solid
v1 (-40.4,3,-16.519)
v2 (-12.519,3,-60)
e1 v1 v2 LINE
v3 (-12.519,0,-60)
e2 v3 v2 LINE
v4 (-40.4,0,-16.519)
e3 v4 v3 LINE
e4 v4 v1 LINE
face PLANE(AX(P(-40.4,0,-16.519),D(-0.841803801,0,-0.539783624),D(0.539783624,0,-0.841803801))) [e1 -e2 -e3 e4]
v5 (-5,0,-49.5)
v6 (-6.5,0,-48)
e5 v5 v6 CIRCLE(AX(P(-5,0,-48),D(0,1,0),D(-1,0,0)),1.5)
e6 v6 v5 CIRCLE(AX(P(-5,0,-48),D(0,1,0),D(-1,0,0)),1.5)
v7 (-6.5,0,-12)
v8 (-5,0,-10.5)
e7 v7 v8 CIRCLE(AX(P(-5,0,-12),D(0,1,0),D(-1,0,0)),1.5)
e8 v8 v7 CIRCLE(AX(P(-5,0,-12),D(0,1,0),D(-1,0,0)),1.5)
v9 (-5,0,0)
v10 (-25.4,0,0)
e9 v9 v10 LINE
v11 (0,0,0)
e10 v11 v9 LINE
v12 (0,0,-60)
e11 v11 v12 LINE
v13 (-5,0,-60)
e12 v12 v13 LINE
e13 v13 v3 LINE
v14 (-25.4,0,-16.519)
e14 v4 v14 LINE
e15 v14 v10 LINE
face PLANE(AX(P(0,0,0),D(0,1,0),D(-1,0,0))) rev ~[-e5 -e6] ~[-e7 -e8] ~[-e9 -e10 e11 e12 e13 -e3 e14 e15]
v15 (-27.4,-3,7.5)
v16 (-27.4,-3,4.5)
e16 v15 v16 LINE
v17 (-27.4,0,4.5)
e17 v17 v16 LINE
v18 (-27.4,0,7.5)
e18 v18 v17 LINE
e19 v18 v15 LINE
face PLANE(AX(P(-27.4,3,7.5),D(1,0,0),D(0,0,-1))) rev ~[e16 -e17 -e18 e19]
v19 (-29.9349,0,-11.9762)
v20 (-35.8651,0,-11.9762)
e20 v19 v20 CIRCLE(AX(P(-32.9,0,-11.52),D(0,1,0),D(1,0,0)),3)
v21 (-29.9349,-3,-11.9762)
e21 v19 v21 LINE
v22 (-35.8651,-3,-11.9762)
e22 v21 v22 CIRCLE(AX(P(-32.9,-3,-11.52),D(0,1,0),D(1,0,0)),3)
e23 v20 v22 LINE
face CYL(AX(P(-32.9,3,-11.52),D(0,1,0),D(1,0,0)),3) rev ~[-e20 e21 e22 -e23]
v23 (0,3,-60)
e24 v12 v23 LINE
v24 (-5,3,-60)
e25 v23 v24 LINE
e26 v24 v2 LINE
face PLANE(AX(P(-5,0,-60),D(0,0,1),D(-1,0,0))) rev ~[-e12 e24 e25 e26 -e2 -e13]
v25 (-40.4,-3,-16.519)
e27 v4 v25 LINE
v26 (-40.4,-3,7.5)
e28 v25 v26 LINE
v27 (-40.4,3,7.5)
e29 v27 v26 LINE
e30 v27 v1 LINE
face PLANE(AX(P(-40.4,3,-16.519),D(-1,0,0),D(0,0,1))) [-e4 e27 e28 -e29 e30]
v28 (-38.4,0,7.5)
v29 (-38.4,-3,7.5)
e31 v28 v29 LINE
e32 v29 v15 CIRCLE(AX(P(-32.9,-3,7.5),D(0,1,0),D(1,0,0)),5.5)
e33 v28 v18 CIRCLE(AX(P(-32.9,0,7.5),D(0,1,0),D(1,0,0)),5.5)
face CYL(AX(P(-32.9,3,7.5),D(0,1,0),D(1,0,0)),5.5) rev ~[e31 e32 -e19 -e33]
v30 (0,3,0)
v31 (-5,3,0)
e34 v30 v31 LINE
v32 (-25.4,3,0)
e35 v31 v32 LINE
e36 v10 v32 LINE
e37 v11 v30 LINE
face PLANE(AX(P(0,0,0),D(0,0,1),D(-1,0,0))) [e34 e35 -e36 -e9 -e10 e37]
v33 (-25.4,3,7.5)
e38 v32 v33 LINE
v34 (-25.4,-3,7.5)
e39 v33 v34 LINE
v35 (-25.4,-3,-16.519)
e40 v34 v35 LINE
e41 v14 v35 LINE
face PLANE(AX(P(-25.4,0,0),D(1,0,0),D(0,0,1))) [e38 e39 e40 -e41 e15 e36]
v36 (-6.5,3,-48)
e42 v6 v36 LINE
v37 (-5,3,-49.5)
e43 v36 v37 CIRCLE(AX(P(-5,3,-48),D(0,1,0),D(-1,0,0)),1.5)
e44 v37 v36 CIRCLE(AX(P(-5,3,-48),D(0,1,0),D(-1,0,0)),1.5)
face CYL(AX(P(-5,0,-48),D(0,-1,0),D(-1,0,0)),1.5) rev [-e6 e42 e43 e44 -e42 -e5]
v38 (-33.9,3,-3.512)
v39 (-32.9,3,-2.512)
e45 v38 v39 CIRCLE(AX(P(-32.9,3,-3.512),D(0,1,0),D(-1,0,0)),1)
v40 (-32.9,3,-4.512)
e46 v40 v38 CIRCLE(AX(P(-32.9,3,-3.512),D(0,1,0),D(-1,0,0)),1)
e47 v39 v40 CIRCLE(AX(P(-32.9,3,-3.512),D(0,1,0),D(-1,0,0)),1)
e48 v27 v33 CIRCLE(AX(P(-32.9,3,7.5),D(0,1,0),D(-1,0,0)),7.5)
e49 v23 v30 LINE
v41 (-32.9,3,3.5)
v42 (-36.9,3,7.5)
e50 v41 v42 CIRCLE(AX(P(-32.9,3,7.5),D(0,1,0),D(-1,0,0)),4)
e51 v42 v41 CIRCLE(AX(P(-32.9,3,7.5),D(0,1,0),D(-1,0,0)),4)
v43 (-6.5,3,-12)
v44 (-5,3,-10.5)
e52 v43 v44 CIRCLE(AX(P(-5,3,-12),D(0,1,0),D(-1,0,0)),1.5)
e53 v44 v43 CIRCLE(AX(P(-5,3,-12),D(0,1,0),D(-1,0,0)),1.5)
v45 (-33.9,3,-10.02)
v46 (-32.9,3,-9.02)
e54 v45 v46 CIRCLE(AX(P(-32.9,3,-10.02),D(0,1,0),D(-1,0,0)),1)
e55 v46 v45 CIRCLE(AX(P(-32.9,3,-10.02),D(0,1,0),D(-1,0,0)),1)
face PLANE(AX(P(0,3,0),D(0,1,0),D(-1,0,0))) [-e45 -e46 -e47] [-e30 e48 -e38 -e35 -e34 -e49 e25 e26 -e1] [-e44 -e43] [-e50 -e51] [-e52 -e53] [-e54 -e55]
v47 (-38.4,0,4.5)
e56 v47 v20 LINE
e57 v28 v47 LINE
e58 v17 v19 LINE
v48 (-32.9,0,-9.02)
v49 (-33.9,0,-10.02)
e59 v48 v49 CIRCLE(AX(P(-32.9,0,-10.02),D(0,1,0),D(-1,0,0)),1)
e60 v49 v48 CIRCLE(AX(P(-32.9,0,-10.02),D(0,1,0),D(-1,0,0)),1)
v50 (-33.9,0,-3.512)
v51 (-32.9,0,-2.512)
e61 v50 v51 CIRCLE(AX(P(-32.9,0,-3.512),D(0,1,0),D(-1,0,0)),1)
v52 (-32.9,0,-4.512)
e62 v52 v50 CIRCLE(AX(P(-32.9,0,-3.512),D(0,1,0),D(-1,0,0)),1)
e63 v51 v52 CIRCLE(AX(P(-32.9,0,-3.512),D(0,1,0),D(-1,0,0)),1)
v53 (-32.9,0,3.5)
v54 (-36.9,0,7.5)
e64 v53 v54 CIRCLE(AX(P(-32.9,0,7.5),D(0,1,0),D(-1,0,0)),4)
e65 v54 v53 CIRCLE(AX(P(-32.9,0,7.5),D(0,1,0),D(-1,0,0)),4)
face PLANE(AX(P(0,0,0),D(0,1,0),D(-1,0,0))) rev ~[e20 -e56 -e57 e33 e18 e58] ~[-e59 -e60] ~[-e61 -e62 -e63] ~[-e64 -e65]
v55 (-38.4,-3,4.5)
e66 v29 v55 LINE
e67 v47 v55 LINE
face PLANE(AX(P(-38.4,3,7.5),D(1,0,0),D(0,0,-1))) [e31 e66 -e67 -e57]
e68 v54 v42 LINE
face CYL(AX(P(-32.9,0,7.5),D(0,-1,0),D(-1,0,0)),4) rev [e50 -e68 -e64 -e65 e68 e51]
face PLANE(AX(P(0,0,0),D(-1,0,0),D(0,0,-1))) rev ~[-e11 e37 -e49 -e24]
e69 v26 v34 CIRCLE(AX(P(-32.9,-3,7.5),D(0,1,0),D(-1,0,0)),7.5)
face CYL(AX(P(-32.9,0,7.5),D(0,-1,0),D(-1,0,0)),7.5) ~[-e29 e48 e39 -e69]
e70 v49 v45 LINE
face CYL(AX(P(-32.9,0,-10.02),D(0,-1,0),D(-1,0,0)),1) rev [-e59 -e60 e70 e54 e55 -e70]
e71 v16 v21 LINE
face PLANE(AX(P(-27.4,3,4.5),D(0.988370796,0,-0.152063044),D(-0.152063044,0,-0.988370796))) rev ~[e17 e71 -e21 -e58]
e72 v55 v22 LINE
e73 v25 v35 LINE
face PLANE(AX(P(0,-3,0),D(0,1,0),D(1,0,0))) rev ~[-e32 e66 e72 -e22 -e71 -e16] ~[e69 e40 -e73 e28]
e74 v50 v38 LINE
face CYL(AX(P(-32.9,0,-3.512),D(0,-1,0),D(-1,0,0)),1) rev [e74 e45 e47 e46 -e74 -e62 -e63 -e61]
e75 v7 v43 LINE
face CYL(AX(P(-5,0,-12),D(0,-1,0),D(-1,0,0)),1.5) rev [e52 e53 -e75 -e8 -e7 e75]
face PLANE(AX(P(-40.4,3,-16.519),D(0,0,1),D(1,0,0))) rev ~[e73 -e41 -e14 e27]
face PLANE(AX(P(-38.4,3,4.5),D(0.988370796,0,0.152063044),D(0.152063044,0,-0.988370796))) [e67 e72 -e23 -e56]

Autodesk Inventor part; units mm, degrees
ref_plane "YZ Plane" through (0, 0, 0) normal (1, 0, 0) x (0, 1, 0)
ref_plane "XZ Plane" through (0, 0, 0) normal (0, 1, 0) x (-1, 0, 0)
ref_plane "XY Plane" through (0, 0, 0) normal (0, 0, 1) x (1, 0, 0)
sketch "Sketch3" plane through (0, 0, 0) normal (0, 1, 0) x (-1, 0, 0)
  line L0 (0, 0) -> (0, -60)
  line L1 (0, 0) -> (60, 0) construction
  line L2 (0, -60) -> (12.519, -60)
  line L3 (0, 0) -> (25.4, 0)
  line L4 (25.4, 0) -> (25.4, 7.5)
  arc A0 (40.4, 7.5) -> (25.4, 7.5) centre (32.9, 7.5) ccw
  line L5 (40.4, 7.5) -> (40.4, -16.519)
  line L6 (40.4, -16.519) -> (12.519, -60)
  line L7 (0, -30) -> (5, -30)
  line L8 (5, -60) -> (5, -48)
  line L9 (5, 0) -> (5, -12)
  circle A1 centre (5, -12) radius 1.5
  circle A2 centre (5, -48) radius 1.5
  circle A3 centre (32.9, 7.5) radius 4
  line L10 (32.9, 7.5) -> (32.9, -3.512)
  line L11 (32.9, -3.512) -> (32.9, -10.02)
  circle A4 centre (32.9, -3.512) radius 1
  circle A5 centre (32.9, -10.02) radius 1
  dimension "d6" = 60
  dimension "d7" = 90
  dimension "d8" = 12.519
  dimension "d9" = 25.4
  dimension "d10" = 7.5
  dimension "d11" = 15
  dimension "d13" = 24.019
  dimension "d18" = 5
  dimension "d19" = 12
  dimension "d20" = 12
  dimension "d21" = 3
  dimension "d22" = 3
  dimension "d25" = 8
  dimension "d26" = 11.012
  dimension "d27" = 6.508
  dimension "d28" = 2
  dimension "d29" = 2
extrude "Extrusion1" add sketch "Sketch3" along normal blind 3
sketch "Sketch6" plane through (0, 3, 0) normal (0, 1, 0) x (1, 0, 0)
  circle A0 centre (-32.9, -7.5) radius 4 projected
  circle A1 centre (-5, 48) radius 1.5 projected
  circle A2 centre (-5, 12) radius 1.5 projected
  circle A3 centre (-32.9, 10.02) radius 1 projected
  circle A4 centre (-32.9, 3.512) radius 1 projected
  line L0 (0, 0) -> (0, 60) projected
  line L1 (0, 60) -> (-12.519, 60) projected
  line L2 (-12.519, 60) -> (-40.4, 16.519) projected
  line L3 (-40.4, 16.519) -> (-40.4, -7.5) projected
  arc A5 (-40.4, -7.5) -> (-25.4, -7.5) centre (-32.9, -7.5) ccw projected
  line L4 (-25.4, -7.5) -> (-25.4, 0) projected
  line L5 (-25.4, 0) -> (0, 0) projected
  line L6 (-40.4, 16.519) -> (-25.4, 16.519)
  line L7 (-25.4, -7.5) -> (-25.4, 0) projected
  line L8 (-25.4, 16.519) -> (-25.4, 0)
  circle A6 centre (-32.9, -7.5) radius 5.5
  line L9 (-32.9, 10.02) -> (-32.9, 11.52)
  circle A7 centre (-32.9, 11.52) radius 3
  line L10 (-38.4, -7.5) -> (-38.4, -4.5)
  line L11 (-27.4, -7.5) -> (-27.4, -4.5)
  line L12 (-27.4, -4.5) -> (-29.9349, 11.9762)
  line L13 (-38.4, -4.5) -> (-35.8651, 11.9762)
  point P0 (0, 0)
  dimension "d31" = 11
  dimension "d32" = 1.5
  dimension "d33" = 6
  dimension "d34" = 3
extrude "Extrusion3" add sketch "Sketch6" against normal blind 6 contours L4 A5 L3 L6 L8
properties part number "servoSideShort"
